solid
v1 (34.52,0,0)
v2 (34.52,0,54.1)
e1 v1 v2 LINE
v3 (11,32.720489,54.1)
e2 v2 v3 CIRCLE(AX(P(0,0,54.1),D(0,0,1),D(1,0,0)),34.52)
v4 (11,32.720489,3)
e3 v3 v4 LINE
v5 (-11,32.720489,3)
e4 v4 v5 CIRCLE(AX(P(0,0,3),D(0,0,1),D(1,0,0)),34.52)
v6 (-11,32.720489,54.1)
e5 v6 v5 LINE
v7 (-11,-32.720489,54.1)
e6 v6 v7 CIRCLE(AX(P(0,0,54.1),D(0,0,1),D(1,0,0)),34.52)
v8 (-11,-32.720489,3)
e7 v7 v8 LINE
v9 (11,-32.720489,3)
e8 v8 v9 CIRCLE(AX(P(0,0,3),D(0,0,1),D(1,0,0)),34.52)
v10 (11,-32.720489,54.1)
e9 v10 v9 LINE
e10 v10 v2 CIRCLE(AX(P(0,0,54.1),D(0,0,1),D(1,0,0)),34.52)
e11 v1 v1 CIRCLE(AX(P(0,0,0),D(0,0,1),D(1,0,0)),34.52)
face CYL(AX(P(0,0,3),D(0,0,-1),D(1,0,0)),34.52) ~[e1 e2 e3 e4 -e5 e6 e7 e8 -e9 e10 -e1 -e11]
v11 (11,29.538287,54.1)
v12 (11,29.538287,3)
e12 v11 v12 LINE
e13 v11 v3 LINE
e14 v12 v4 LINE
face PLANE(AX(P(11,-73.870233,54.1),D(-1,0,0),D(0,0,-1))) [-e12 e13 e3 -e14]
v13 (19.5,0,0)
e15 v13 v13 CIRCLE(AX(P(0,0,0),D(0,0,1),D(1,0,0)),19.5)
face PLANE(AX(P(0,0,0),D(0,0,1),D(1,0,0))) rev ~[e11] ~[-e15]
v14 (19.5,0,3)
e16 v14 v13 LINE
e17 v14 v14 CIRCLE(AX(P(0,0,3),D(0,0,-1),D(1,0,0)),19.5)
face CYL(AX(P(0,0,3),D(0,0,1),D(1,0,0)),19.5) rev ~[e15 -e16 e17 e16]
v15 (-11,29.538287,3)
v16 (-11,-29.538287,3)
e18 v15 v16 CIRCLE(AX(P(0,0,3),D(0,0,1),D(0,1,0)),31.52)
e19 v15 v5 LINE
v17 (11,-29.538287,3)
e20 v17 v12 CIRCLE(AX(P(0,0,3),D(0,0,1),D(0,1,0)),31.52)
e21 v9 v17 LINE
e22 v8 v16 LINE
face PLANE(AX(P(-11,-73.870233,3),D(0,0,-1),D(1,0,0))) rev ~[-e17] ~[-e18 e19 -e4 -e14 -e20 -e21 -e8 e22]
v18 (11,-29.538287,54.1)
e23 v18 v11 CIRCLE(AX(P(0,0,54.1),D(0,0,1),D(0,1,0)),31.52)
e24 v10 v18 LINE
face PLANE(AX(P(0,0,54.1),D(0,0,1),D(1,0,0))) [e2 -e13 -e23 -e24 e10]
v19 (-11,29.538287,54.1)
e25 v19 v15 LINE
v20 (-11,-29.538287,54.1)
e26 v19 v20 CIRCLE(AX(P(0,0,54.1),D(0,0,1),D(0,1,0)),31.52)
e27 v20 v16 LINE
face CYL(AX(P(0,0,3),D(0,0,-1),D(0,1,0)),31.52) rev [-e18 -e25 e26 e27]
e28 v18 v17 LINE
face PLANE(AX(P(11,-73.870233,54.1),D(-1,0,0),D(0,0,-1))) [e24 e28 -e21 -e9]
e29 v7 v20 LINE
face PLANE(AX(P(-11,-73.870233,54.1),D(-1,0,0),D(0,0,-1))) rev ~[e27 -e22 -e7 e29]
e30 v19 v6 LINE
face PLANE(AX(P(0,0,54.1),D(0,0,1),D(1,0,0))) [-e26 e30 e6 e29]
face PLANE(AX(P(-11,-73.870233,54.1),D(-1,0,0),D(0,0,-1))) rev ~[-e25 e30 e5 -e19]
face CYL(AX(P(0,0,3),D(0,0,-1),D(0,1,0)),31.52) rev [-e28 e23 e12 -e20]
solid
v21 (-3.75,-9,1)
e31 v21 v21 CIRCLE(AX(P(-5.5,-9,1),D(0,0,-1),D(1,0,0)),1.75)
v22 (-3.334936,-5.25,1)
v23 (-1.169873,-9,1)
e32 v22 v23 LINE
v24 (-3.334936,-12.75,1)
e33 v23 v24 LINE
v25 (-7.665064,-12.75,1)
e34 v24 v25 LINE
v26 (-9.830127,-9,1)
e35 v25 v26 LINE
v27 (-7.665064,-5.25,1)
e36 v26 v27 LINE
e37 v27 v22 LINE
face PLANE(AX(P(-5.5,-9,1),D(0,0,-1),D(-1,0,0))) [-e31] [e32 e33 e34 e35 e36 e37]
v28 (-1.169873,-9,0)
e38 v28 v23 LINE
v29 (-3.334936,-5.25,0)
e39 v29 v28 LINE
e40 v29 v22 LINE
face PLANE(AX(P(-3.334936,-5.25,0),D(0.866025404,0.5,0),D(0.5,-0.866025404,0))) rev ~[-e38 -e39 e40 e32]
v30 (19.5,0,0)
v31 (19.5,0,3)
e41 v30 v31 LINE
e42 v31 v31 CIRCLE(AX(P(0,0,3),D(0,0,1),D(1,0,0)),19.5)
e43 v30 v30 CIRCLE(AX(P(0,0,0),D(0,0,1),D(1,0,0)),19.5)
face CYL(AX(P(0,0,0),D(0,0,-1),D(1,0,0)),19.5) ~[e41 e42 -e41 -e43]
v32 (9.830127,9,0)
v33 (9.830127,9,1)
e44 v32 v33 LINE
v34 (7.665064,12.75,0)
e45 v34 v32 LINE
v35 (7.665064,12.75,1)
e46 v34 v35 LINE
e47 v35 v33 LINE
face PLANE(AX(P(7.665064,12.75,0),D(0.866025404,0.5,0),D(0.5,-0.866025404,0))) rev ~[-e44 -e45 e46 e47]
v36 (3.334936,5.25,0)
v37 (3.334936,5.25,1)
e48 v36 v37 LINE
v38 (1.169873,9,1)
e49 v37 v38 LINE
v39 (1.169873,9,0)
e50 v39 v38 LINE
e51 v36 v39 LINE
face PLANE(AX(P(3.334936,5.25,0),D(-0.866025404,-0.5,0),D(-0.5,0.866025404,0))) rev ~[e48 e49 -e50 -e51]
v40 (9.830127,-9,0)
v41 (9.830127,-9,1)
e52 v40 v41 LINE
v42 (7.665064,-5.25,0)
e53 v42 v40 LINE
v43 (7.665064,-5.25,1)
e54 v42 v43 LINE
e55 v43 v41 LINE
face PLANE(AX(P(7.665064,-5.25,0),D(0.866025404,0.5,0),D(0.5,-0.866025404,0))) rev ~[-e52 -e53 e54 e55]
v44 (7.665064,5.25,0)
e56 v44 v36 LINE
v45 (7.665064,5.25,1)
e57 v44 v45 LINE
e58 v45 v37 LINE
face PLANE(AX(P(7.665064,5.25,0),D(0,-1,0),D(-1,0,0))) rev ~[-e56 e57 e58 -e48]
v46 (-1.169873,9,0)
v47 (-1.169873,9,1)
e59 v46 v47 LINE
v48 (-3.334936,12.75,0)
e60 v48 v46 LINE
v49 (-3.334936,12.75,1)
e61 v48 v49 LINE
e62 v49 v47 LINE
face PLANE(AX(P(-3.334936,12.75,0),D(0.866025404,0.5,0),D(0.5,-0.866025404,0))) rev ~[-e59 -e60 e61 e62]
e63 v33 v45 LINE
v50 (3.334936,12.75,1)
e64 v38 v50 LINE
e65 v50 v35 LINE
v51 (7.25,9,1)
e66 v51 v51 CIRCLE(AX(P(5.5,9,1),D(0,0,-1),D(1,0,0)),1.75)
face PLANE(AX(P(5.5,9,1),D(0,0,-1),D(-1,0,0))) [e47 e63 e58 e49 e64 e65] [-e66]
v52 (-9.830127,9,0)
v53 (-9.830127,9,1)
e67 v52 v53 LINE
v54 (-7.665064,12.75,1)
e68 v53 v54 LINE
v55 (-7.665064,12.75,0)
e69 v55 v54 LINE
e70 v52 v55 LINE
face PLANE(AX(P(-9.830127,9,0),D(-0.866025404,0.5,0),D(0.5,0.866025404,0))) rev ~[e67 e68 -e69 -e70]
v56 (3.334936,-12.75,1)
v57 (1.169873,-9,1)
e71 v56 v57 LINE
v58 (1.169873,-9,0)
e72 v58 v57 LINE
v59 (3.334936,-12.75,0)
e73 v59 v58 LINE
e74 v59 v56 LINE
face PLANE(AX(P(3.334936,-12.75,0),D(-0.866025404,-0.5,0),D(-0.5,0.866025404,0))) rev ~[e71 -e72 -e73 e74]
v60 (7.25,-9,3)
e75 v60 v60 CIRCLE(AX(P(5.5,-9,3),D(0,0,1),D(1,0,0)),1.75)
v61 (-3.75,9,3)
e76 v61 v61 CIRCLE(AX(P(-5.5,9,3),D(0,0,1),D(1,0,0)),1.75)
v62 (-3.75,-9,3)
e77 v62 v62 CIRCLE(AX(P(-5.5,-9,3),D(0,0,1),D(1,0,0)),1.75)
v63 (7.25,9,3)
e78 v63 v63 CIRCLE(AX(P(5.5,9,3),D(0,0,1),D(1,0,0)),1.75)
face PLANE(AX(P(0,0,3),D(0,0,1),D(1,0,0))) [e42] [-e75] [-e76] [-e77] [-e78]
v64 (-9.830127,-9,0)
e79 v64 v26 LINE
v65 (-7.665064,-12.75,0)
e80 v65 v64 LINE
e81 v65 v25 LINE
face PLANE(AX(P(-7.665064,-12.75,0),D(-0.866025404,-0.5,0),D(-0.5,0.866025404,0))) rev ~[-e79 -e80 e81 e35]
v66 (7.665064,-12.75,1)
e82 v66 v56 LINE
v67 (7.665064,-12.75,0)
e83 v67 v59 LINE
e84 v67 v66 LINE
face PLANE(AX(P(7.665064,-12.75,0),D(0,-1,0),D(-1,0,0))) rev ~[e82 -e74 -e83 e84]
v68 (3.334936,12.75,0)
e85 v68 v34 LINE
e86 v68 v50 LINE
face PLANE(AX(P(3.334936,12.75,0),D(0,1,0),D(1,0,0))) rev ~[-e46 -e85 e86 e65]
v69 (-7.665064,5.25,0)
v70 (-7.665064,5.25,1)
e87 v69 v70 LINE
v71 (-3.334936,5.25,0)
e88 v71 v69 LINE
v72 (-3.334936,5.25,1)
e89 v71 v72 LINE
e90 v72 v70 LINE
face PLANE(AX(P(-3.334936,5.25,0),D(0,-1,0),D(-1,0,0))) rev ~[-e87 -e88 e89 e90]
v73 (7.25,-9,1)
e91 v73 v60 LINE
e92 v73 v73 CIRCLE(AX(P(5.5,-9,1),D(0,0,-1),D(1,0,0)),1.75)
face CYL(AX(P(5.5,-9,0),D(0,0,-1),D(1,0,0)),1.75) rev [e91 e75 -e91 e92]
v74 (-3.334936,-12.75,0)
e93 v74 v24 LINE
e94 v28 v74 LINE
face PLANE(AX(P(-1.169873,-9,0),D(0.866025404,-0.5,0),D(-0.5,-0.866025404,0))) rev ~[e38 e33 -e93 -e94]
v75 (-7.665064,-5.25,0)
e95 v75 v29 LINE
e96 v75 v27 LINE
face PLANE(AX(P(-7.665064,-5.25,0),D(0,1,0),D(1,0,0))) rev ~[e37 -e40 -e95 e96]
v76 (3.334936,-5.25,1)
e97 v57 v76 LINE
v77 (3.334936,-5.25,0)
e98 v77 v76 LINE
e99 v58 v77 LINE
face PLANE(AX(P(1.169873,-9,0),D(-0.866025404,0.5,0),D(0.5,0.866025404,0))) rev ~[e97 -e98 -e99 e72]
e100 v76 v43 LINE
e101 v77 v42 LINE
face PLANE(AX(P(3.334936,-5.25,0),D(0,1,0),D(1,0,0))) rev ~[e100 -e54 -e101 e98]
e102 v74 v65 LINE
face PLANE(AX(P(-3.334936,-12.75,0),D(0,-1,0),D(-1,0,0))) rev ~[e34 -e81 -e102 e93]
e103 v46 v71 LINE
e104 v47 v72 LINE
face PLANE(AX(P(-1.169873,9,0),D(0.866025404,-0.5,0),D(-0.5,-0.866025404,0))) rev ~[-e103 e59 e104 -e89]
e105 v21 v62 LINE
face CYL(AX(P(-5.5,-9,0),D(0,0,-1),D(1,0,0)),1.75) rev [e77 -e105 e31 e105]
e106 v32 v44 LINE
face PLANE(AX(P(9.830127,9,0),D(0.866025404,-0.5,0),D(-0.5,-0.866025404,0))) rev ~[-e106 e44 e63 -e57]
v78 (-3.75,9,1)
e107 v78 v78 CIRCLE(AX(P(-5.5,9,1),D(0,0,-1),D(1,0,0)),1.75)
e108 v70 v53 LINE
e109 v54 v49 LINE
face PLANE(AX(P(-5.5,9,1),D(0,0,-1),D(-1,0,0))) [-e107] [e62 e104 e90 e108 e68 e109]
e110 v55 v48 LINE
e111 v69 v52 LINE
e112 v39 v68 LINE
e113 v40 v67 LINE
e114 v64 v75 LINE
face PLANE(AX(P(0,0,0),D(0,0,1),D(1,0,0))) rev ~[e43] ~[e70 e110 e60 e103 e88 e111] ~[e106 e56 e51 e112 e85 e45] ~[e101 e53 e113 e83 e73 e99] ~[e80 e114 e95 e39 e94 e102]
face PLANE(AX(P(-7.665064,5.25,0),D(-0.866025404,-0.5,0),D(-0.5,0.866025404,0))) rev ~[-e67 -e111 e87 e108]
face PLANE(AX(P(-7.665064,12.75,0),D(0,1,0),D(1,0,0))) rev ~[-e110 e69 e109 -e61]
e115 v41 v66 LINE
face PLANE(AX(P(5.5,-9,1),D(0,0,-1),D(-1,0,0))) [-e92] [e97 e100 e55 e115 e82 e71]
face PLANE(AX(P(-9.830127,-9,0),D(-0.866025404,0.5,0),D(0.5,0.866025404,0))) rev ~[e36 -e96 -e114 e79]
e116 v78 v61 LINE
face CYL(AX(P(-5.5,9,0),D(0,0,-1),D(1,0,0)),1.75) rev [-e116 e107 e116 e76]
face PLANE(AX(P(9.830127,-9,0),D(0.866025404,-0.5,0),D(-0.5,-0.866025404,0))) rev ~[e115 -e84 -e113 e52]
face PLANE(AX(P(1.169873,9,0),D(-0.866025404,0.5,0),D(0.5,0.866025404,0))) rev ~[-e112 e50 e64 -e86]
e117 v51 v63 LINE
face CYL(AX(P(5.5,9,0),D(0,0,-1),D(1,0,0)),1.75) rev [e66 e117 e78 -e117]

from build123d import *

# Parameters (mm, degrees)
SCHIZZO1_R                    = 19.5
SCHIZZO1_R_2                  = 1.75
ESTRUSIONE_ESTRUSIONE1_DEPTH  = 3
TAGLIO_ESTRUSIONE1_DEPTH      = 1
SCHIZZO5_R                    = 34.52
SCHIZZO5_R_2                  = 19.5
ESTRUSIONE_ESTRUSIONE4_DEPTH  = 3
SCHIZZO6_R                    = 34.52
SCHIZZO6_R_2                  = 31.52
ESTRUSIONE_ESTRUSIONE5_DEPTH  = 51.1
TAGLIO_ESTRUSIONE2_DEPTH      = 73.870232606
TAGLIO_ESTRUSIONE2_DEPTH_BACK = 73.870232606
SCHIZZO7_W                    = 22
SCHIZZO7_H                    = 51.1


with BuildPart() as part:
    # Schizzo1 → Estrusione-Estrusione1 (new body)
    with BuildSketch(Plane.XY):
        Circle(SCHIZZO1_R)
        with Locations((5.5, 9)):
            Circle(SCHIZZO1_R_2, mode=Mode.SUBTRACT)
        with Locations((-5.5, 9)):
            Circle(SCHIZZO1_R_2, mode=Mode.SUBTRACT)
        with Locations((-5.5, -9)):
            Circle(SCHIZZO1_R_2, mode=Mode.SUBTRACT)
        with Locations((5.5, -9)):
            Circle(SCHIZZO1_R_2, mode=Mode.SUBTRACT)
    extrude(amount=ESTRUSIONE_ESTRUSIONE1_DEPTH)

    # Schizzo2 → Taglio-Estrusione1 (cut)
    with BuildSketch(Plane(origin=(0, 0, 0), x_dir=(-1, 0, 0), z_dir=(0, 0, -1))):
        Polygon((7.665063509, 5.25), (9.830127019, 9), (7.665063509, 12.75), (3.334936491, 12.75), (1.169872981, 9), (3.334936491, 5.25), align=None)
        Polygon((3.334936491, -12.75), (7.665063509, -12.75), (9.830127019, -9), (7.665063509, -5.25), (3.334936491, -5.25), (1.169872981, -9), align=None)
        Polygon((-7.665063509, -12.75), (-3.334936491, -12.75), (-1.169872981, -9), (-3.334936491, -5.25), (-7.665063509, -5.25), (-9.830127019, -9), align=None)
        Polygon((-3.334936491, 5.25), (-1.169872981, 9), (-3.334936491, 12.75), (-7.665063509, 12.75), (-9.830127019, 9), (-7.665063509, 5.25), align=None)
    extrude(amount=-TAGLIO_ESTRUSIONE1_DEPTH, mode=Mode.SUBTRACT)


with BuildPart() as body_2:
    # Schizzo5 → Estrusione-Estrusione4 (new body)
    with BuildSketch(Plane.XY.offset(3)):
        Circle(SCHIZZO5_R)
        Circle(SCHIZZO5_R_2, mode=Mode.SUBTRACT)
    extrude(amount=-ESTRUSIONE_ESTRUSIONE4_DEPTH)

    # Schizzo6 → Estrusione-Estrusione5 (add)
    with BuildSketch(Plane.XY.offset(3)):
        Circle(SCHIZZO6_R)
        with Locations(Location((0, 0, 0), (0, 0, 90))):
            Circle(SCHIZZO6_R_2, mode=Mode.SUBTRACT)
    extrude(amount=ESTRUSIONE_ESTRUSIONE5_DEPTH)

    # Schizzo7 → Taglio-Estrusione2 (cut, two sides: drawn at the far end of the back side and taken through both)
    with BuildSketch(Plane(origin=(0, 0, 0), x_dir=(1, 0, 0), z_dir=(0, 1, 0)).offset(-TAGLIO_ESTRUSIONE2_DEPTH_BACK)):
        with Locations((0, -28.55)):
            Rectangle(SCHIZZO7_W, SCHIZZO7_H)
    extrude(amount=TAGLIO_ESTRUSIONE2_DEPTH + TAGLIO_ESTRUSIONE2_DEPTH_BACK, mode=Mode.SUBTRACT)


solid = Compound([part.part, body_2.part])
